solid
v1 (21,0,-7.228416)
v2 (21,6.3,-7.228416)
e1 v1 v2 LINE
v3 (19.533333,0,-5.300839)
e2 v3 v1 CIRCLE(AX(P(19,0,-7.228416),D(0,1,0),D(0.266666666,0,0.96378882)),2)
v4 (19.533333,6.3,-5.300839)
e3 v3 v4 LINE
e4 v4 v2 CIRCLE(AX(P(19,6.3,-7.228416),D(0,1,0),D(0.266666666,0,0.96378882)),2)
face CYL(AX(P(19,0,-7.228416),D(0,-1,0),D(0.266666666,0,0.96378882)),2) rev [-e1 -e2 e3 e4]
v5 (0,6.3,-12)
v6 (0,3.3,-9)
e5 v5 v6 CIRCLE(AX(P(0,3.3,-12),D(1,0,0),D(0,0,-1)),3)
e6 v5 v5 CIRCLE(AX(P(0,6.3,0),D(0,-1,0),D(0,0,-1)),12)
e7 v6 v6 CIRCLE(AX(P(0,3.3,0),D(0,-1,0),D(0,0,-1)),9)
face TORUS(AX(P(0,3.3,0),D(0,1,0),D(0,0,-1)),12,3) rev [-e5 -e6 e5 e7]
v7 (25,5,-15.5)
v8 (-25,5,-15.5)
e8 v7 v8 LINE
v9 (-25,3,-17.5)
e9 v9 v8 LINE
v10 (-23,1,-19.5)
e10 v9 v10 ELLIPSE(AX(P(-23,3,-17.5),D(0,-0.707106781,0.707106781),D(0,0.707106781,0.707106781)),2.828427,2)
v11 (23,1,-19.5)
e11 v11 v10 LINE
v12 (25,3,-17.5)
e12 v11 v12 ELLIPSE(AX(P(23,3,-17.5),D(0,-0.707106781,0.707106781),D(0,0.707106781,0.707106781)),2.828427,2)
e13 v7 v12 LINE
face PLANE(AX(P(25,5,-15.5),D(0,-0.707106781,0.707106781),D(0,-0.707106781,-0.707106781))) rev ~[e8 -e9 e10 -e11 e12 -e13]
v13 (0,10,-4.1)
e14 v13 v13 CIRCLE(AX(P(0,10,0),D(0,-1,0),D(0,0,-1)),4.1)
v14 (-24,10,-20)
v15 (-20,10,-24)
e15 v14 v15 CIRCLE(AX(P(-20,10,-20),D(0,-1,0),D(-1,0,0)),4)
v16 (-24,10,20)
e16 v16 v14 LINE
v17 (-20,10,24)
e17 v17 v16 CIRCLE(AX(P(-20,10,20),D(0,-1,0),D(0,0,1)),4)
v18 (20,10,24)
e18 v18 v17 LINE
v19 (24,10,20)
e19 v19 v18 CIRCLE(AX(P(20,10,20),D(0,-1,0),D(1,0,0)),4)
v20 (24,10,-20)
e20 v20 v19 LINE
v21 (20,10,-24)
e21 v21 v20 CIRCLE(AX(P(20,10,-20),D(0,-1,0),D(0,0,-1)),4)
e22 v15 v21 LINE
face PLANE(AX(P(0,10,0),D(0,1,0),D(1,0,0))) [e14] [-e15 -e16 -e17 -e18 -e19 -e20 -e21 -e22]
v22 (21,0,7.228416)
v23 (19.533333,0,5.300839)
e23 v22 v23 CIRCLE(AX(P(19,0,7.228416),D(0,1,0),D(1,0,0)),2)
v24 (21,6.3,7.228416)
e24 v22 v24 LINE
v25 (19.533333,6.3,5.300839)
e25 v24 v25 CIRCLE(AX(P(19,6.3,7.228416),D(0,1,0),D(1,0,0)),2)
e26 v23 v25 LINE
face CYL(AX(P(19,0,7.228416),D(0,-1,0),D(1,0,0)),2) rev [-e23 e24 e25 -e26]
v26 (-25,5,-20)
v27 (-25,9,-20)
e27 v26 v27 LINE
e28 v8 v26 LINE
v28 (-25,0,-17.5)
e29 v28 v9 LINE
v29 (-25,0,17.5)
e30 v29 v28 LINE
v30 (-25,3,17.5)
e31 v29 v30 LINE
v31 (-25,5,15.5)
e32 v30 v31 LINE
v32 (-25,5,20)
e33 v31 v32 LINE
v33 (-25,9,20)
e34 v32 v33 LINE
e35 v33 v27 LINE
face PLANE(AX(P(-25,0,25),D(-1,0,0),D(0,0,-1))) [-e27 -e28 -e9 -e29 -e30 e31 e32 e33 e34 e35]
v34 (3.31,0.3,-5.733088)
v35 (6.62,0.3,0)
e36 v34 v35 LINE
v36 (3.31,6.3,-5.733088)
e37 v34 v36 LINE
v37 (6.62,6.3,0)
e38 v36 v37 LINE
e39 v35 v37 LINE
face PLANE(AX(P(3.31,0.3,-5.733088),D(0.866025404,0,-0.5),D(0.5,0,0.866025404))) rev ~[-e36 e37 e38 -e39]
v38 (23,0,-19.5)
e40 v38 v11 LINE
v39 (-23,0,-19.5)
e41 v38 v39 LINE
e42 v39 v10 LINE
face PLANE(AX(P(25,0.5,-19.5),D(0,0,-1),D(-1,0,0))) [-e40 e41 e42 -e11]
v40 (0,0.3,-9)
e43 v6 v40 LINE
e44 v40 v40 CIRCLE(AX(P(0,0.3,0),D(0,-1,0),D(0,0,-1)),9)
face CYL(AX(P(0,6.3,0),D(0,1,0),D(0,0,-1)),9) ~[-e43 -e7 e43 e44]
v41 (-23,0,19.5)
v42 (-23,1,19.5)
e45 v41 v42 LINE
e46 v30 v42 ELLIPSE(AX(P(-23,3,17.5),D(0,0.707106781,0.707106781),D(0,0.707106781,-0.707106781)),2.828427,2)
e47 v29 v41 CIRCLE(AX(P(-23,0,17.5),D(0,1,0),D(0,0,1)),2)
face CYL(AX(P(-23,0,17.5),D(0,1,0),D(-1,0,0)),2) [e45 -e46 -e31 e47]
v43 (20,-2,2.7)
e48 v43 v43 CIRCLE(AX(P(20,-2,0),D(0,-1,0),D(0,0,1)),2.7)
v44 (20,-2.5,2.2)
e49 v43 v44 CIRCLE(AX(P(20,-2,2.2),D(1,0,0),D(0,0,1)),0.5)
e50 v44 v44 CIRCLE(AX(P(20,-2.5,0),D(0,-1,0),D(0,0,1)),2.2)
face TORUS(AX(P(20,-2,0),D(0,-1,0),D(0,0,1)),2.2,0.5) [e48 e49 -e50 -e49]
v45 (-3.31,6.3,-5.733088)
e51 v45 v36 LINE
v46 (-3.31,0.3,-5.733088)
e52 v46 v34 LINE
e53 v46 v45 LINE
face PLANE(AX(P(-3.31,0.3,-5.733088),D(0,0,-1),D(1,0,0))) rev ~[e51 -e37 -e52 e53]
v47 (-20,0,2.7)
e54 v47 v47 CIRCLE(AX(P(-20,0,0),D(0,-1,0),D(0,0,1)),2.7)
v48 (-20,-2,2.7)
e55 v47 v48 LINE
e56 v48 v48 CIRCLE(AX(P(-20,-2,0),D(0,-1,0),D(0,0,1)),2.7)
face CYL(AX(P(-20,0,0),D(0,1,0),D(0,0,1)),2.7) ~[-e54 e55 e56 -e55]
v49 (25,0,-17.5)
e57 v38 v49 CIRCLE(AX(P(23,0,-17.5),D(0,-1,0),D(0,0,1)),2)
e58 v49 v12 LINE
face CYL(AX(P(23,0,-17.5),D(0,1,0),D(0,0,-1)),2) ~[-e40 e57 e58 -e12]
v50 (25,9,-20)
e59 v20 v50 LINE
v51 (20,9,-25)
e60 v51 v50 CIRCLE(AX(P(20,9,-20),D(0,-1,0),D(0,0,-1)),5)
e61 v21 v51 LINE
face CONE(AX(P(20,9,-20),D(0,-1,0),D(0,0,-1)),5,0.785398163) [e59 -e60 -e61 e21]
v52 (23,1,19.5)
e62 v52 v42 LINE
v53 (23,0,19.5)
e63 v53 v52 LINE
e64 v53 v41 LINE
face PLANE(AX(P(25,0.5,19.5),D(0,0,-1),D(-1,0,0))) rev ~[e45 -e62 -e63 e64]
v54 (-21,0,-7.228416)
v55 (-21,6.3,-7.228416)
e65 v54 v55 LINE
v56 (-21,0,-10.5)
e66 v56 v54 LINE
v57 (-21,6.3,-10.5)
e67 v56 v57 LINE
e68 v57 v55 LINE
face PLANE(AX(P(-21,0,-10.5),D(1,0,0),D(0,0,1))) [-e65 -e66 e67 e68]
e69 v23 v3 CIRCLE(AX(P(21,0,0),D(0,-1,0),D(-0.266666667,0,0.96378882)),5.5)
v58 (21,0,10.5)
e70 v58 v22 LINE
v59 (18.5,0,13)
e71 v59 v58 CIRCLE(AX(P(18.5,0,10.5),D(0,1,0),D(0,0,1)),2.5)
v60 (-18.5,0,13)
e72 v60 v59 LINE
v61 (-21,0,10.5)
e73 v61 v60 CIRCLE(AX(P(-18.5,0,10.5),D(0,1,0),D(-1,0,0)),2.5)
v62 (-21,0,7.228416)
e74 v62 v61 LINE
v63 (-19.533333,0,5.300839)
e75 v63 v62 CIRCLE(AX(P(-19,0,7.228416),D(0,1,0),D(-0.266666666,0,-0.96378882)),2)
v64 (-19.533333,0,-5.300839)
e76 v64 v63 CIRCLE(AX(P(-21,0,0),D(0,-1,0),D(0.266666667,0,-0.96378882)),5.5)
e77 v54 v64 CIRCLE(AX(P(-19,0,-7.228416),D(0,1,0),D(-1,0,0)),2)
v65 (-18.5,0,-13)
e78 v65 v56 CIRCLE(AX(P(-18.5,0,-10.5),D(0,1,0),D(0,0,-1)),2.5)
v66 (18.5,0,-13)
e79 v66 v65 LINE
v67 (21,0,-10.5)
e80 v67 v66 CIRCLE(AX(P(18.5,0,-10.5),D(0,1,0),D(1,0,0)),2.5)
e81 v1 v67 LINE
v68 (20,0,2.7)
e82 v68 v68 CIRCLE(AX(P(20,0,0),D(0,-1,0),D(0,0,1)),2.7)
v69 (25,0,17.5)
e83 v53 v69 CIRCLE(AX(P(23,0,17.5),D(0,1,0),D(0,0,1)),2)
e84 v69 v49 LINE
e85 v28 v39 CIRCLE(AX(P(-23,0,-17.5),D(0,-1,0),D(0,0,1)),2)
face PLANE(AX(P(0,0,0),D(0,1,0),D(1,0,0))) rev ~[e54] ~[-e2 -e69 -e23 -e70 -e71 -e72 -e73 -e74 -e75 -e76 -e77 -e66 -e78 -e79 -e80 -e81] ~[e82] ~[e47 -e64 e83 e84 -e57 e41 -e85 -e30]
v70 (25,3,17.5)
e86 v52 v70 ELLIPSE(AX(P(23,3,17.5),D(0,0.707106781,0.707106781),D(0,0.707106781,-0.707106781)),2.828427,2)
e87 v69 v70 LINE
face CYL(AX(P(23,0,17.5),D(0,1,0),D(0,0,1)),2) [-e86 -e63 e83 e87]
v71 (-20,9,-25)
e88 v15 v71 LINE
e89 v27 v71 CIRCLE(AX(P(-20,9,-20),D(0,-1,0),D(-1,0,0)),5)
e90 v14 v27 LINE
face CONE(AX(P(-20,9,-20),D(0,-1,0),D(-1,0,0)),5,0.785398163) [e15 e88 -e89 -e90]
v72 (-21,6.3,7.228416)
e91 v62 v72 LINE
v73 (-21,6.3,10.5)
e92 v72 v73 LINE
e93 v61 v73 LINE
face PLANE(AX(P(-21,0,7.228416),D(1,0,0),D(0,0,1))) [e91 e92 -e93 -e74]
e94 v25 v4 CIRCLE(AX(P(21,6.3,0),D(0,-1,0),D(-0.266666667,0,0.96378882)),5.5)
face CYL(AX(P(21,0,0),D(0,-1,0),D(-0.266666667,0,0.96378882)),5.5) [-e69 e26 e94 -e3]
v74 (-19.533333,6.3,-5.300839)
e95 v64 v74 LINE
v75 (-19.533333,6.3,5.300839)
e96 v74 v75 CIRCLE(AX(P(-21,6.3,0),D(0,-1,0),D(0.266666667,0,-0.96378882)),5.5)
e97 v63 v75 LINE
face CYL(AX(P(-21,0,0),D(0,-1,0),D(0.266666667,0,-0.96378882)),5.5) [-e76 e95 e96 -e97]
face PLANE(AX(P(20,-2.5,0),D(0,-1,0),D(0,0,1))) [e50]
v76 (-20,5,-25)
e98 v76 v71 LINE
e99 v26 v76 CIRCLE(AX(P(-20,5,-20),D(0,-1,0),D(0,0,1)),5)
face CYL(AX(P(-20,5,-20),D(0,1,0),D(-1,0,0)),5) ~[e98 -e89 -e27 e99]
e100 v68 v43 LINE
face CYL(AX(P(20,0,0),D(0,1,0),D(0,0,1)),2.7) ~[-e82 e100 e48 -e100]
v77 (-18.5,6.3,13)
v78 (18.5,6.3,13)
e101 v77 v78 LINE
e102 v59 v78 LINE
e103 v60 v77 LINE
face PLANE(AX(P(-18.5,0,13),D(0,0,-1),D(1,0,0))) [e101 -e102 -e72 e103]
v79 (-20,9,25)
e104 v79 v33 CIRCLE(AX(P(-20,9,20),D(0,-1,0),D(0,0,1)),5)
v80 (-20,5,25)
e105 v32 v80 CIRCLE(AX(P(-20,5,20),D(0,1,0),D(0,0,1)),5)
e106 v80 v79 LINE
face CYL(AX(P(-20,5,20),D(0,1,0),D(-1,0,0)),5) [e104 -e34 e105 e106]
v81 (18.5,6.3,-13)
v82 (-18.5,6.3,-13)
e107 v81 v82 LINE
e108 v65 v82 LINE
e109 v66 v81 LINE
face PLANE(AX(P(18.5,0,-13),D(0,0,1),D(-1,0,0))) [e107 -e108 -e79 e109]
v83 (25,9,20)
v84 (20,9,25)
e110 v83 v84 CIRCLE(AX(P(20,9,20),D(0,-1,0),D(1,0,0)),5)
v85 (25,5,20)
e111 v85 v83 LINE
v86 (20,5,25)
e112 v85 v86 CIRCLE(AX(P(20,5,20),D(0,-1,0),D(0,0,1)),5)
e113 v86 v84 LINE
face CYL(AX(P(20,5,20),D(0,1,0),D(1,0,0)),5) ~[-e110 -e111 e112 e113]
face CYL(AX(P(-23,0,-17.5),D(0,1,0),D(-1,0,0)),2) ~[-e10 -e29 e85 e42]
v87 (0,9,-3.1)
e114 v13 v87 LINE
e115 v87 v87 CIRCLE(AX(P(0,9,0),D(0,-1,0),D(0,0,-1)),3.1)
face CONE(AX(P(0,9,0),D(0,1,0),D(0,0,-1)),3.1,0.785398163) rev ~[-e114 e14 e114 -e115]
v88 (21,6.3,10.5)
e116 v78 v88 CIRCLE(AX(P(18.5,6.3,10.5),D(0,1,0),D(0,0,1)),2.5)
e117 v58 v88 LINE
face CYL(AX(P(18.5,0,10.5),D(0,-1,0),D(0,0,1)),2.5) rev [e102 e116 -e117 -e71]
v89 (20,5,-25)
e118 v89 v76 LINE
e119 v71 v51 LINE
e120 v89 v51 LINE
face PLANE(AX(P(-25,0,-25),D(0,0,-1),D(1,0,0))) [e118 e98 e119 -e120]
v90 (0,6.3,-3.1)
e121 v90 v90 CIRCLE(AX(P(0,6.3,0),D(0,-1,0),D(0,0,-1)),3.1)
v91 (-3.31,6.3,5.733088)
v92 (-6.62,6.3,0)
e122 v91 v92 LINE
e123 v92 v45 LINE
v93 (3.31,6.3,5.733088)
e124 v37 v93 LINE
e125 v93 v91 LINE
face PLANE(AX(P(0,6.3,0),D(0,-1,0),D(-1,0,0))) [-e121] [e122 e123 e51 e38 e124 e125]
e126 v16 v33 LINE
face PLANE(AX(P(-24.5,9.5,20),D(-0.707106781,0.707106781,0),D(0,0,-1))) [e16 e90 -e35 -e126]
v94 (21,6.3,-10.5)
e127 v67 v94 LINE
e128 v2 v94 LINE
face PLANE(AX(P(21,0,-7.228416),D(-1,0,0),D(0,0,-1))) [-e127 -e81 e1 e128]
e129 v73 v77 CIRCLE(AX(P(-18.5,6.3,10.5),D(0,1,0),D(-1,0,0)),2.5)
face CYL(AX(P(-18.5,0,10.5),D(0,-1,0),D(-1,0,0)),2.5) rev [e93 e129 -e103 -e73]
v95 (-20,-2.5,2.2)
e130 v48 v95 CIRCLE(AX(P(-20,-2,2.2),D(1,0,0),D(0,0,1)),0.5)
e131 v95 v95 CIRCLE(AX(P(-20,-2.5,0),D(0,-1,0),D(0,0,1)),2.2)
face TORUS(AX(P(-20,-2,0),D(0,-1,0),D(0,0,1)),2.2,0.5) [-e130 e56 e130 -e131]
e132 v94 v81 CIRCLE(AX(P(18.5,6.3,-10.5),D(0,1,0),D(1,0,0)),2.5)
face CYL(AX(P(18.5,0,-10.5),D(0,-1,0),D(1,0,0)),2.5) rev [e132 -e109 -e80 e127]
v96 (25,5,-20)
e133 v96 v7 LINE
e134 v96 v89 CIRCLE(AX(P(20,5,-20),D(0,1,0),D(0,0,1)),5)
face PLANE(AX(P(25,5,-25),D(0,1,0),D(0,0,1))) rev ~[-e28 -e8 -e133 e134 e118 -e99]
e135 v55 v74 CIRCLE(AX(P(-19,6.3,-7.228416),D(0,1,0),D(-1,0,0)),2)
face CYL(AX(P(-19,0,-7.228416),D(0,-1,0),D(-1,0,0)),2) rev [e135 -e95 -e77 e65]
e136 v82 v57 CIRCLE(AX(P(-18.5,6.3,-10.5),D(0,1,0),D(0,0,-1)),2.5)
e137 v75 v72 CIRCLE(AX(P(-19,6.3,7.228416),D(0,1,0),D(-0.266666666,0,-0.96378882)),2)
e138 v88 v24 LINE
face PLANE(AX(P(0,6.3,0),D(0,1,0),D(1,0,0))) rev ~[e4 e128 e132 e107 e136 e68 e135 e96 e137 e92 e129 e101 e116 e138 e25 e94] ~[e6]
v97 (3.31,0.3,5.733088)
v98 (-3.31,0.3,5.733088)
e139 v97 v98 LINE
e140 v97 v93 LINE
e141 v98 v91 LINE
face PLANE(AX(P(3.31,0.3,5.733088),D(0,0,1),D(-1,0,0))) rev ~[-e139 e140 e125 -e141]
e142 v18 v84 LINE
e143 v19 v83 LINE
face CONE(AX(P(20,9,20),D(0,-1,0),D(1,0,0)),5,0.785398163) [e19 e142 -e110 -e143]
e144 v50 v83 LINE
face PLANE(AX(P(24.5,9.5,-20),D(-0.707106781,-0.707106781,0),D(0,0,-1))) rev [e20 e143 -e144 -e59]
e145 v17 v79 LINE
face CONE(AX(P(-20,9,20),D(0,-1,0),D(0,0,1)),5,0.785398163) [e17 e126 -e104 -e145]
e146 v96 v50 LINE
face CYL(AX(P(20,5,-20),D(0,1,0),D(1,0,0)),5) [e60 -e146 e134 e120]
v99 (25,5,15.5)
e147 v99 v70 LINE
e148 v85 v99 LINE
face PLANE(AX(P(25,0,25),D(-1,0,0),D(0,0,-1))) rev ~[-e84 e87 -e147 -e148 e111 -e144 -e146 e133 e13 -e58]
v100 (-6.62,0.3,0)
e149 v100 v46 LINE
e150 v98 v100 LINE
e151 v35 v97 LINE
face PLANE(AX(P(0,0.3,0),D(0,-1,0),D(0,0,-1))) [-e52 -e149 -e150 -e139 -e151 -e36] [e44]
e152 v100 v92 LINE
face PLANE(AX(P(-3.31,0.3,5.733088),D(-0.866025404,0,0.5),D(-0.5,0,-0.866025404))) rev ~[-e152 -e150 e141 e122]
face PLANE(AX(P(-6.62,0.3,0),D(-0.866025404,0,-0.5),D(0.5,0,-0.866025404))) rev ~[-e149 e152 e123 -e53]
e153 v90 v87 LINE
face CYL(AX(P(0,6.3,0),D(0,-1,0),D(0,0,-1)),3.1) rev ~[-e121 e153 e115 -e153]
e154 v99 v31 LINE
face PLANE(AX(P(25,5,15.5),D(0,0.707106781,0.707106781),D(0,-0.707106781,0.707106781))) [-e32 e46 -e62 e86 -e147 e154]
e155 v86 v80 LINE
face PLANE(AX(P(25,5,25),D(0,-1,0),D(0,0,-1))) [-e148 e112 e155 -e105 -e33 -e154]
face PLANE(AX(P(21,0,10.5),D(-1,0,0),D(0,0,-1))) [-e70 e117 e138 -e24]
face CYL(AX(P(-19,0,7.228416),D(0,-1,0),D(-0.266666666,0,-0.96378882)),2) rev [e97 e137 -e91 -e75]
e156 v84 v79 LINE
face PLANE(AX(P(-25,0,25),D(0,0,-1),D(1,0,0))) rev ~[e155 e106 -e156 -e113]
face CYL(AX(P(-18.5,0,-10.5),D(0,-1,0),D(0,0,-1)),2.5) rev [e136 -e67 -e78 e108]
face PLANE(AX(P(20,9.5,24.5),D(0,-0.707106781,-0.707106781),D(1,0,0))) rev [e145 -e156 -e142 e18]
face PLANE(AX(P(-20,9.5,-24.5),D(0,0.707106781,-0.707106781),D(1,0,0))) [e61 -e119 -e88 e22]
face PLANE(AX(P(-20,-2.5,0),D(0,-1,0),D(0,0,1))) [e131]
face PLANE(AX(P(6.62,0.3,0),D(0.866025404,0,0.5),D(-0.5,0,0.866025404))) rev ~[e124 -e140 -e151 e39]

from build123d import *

# Parameters (mm, degrees)
SKETCH1_W           = 50
SKETCH1_H           = 50
BOSS_EXTRUDE1_DEPTH = 10
CUT_EXTRUDE3_DEPTH  = 6.3
SKETCH5_R           = 9
SKETCH5_R_2         = 3.1
BOSS_EXTRUDE2_DEPTH = 6
SKETCH6_R           = 2.7
BOSS_EXTRUDE3_DEPTH = 2.5
FILLET1_R           = 0.5
CUT_EXTRUDE4_DEPTH  = 57.789083458
FILLET2_R           = 5
CHAMFER1_SIZE       = 1
CHAMFER2_SIZE       = 1
CHAMFER2_SIZE2      = 1.414213562
FILLET3_R           = 2
SKETCH9_R           = 3.1
CUT_EXTRUDE5_DEPTH  = 37.434050008
CHAMFER3_SIZE       = 1
CUT_EXTRUDE6_DEPTH  = 6
FILLET4_R           = 3


with BuildPart() as part:
    # Sketch1 → Boss-Extrude1 (new body)
    with BuildSketch(Plane(origin=(0, 0, 0), x_dir=(1, 0, 0), z_dir=(0, 1, 0))):
        Rectangle(SKETCH1_W, SKETCH1_H)
    extrude(amount=BOSS_EXTRUDE1_DEPTH)

    # Sketch4 → Cut-Extrude3 (cut)
    with BuildSketch(Plane(origin=(0, 0, 0), x_dir=(-1, 0, 0), z_dir=(0, -1, 0))):
        with BuildLine():
            Line((21, -7.228416147), (21, -10.5))
            ThreePointArc((21, -10.5), (20.267766953, -12.267766953), (18.5, -13))
            Line((18.5, -13), (-18.5, -13))
            ThreePointArc((-18.5, -13), (-20.267766953, -12.267766953), (-21, -10.5))
            Line((-21, -10.5), (-21, -7.228416147))
            ThreePointArc((-21, -7.228416147), (-20.591644852, -6.017356006), (-19.533333333, -5.300838508))
            ThreePointArc((-19.533333333, -5.300838508), (-15.5, 0), (-19.533333333, 5.300838508))
            ThreePointArc((-19.533333333, 5.300838508), (-20.591644852, 6.017356006), (-21, 7.228416147))
            Line((-21, 7.228416147), (-21, 10.5))
            ThreePointArc((-21, 10.5), (-20.267766953, 12.267766953), (-18.5, 13))
            Line((-18.5, 13), (18.5, 13))
            ThreePointArc((18.5, 13), (20.267766953, 12.267766953), (21, 10.5))
            Line((21, 10.5), (21, 7.228416147))
            ThreePointArc((21, 7.228416147), (20.591644852, 6.017356006), (19.533333333, 5.300838508))
            ThreePointArc((19.533333333, 5.300838508), (15.5, 0), (19.533333333, -5.300838508))
            ThreePointArc((19.533333333, -5.300838508), (20.591644852, -6.017356006), (21, -7.228416147))
        make_face()
    extrude(amount=-CUT_EXTRUDE3_DEPTH, mode=Mode.SUBTRACT)

    # Sketch5 → Boss-Extrude2 (add)
    with BuildSketch(Plane(origin=(0, 6.3, 0), x_dir=(-1, 0, 0), z_dir=(0, -1, 0))):
        with Locations(Location((0, 0, 0), (0, 0, 90))):
            Circle(SKETCH5_R)
        with Locations(Location((0, 0, 0), (0, 0, 90))):
            Circle(SKETCH5_R_2, mode=Mode.SUBTRACT)
    extrude(amount=BOSS_EXTRUDE2_DEPTH)

    # Sketch6 → Boss-Extrude3 (add)
    with BuildSketch(Plane.XZ):
        with Locations(Location((-20, 0, 0), (0, 0, 90))):
            Circle(SKETCH6_R)
        with Locations(Location((20, 0, 0), (0, 0, 90))):
            Circle(SKETCH6_R)
    extrude(amount=BOSS_EXTRUDE3_DEPTH)

    # Fillet1
    fillet1_edges = [part.edges().sort_by_distance(p)[0] for p in [
        (-20, -2.5, -2.7),
        (20, -2.5, -2.7),
    ]]
    fillet(fillet1_edges, radius=FILLET1_R)

    # Sketch8 → Cut-Extrude4 (cut, through all)
    with BuildSketch(Plane(origin=(25, 0, 0), x_dir=(0, 0, -1), z_dir=(1, 0, 0))):
        Polygon((-25, 0), (-25, 5), (-15.5, 5), (-20.5, 0), align=None)
        Polygon((25, 0), (25, 5), (15.5, 5), (20.5, 0), align=None)
    extrude(amount=-CUT_EXTRUDE4_DEPTH, mode=Mode.SUBTRACT)

    # Fillet2
    fillet2_edges = [part.edges().sort_by_distance(p)[0] for p in [
        (-25, 7.5, -25),
        (25, 7.5, -25),
        (25, 7.5, 25),
        (-25, 7.5, 25),
    ]]
    fillet(fillet2_edges, radius=FILLET2_R)

    # Chamfer1
    chamfer1_edges = [part.edges().sort_by_distance(p)[0] for p in [
        (0, 10, -25),
        (25, 10, 0),
        (-25, 10, 0),
        (0, 10, 25),
        (23.535533906, 10, 23.535533906),
        (-23.535533906, 10, 23.535533906),
        (-23.535533906, 10, -23.535533906),
        (23.535533906, 10, -23.535533906),
    ]]
    chamfer(chamfer1_edges, length=CHAMFER1_SIZE)

    # Chamfer2
    chamfer2_edges = [part.edges().sort_by_distance(p)[0] for p in [
        (0, 0, 20.5),
        (0, 0, -20.5),
    ]]
    chamfer2_side = [part.faces().sort_by_distance(p)[0] for p in [
        (24.353393474, 0, 0),
    ]]
    chamfer(chamfer2_edges, length=CHAMFER2_SIZE, length2=CHAMFER2_SIZE2, reference=chamfer2_side[0])

    # Fillet3
    fillet3_edges = [part.edges().sort_by_distance(p)[0] for p in [
        (25, 0.5, -19.5),
        (25, 0.5, 19.5),
        (-25, 0.5, -19.5),
        (-25, 0.5, 19.5),
    ]]
    fillet(fillet3_edges, radius=FILLET3_R)

    # Sketch9 → Cut-Extrude5 (cut, through all)
    with BuildSketch(Plane(origin=(0, 6.3, 0), x_dir=(-1, 0, 0), z_dir=(0, -1, 0))):
        with Locations(Location((0, 0, 0), (0, 0, 90))):
            Circle(SKETCH9_R)
    extrude(amount=-CUT_EXTRUDE5_DEPTH, mode=Mode.SUBTRACT)

    # Chamfer3
    chamfer3_edges = [part.edges().sort_by_distance(p)[0] for p in [
        (0, 10, 3.1),
    ]]
    chamfer(chamfer3_edges, length=CHAMFER3_SIZE)

    # Sketch10 → Cut-Extrude6 (cut)
    with BuildSketch(Plane(origin=(0, 0.3, 0), x_dir=(-1, 0, 0), z_dir=(0, -1, 0))):
        Polygon((3.31, -5.733088173), (6.62, 0), (3.31, 5.733088173), (-3.31, 5.733088173), (-6.62, 0), (-3.31, -5.733088173), align=None)
    extrude(amount=-CUT_EXTRUDE6_DEPTH, mode=Mode.SUBTRACT)

    # Fillet4
    fillet4_edges = [part.edges().sort_by_distance(p)[0] for p in [
        (0, 6.3, 9),
    ]]
    fillet(fillet4_edges, radius=FILLET4_R)


solid = part.part
